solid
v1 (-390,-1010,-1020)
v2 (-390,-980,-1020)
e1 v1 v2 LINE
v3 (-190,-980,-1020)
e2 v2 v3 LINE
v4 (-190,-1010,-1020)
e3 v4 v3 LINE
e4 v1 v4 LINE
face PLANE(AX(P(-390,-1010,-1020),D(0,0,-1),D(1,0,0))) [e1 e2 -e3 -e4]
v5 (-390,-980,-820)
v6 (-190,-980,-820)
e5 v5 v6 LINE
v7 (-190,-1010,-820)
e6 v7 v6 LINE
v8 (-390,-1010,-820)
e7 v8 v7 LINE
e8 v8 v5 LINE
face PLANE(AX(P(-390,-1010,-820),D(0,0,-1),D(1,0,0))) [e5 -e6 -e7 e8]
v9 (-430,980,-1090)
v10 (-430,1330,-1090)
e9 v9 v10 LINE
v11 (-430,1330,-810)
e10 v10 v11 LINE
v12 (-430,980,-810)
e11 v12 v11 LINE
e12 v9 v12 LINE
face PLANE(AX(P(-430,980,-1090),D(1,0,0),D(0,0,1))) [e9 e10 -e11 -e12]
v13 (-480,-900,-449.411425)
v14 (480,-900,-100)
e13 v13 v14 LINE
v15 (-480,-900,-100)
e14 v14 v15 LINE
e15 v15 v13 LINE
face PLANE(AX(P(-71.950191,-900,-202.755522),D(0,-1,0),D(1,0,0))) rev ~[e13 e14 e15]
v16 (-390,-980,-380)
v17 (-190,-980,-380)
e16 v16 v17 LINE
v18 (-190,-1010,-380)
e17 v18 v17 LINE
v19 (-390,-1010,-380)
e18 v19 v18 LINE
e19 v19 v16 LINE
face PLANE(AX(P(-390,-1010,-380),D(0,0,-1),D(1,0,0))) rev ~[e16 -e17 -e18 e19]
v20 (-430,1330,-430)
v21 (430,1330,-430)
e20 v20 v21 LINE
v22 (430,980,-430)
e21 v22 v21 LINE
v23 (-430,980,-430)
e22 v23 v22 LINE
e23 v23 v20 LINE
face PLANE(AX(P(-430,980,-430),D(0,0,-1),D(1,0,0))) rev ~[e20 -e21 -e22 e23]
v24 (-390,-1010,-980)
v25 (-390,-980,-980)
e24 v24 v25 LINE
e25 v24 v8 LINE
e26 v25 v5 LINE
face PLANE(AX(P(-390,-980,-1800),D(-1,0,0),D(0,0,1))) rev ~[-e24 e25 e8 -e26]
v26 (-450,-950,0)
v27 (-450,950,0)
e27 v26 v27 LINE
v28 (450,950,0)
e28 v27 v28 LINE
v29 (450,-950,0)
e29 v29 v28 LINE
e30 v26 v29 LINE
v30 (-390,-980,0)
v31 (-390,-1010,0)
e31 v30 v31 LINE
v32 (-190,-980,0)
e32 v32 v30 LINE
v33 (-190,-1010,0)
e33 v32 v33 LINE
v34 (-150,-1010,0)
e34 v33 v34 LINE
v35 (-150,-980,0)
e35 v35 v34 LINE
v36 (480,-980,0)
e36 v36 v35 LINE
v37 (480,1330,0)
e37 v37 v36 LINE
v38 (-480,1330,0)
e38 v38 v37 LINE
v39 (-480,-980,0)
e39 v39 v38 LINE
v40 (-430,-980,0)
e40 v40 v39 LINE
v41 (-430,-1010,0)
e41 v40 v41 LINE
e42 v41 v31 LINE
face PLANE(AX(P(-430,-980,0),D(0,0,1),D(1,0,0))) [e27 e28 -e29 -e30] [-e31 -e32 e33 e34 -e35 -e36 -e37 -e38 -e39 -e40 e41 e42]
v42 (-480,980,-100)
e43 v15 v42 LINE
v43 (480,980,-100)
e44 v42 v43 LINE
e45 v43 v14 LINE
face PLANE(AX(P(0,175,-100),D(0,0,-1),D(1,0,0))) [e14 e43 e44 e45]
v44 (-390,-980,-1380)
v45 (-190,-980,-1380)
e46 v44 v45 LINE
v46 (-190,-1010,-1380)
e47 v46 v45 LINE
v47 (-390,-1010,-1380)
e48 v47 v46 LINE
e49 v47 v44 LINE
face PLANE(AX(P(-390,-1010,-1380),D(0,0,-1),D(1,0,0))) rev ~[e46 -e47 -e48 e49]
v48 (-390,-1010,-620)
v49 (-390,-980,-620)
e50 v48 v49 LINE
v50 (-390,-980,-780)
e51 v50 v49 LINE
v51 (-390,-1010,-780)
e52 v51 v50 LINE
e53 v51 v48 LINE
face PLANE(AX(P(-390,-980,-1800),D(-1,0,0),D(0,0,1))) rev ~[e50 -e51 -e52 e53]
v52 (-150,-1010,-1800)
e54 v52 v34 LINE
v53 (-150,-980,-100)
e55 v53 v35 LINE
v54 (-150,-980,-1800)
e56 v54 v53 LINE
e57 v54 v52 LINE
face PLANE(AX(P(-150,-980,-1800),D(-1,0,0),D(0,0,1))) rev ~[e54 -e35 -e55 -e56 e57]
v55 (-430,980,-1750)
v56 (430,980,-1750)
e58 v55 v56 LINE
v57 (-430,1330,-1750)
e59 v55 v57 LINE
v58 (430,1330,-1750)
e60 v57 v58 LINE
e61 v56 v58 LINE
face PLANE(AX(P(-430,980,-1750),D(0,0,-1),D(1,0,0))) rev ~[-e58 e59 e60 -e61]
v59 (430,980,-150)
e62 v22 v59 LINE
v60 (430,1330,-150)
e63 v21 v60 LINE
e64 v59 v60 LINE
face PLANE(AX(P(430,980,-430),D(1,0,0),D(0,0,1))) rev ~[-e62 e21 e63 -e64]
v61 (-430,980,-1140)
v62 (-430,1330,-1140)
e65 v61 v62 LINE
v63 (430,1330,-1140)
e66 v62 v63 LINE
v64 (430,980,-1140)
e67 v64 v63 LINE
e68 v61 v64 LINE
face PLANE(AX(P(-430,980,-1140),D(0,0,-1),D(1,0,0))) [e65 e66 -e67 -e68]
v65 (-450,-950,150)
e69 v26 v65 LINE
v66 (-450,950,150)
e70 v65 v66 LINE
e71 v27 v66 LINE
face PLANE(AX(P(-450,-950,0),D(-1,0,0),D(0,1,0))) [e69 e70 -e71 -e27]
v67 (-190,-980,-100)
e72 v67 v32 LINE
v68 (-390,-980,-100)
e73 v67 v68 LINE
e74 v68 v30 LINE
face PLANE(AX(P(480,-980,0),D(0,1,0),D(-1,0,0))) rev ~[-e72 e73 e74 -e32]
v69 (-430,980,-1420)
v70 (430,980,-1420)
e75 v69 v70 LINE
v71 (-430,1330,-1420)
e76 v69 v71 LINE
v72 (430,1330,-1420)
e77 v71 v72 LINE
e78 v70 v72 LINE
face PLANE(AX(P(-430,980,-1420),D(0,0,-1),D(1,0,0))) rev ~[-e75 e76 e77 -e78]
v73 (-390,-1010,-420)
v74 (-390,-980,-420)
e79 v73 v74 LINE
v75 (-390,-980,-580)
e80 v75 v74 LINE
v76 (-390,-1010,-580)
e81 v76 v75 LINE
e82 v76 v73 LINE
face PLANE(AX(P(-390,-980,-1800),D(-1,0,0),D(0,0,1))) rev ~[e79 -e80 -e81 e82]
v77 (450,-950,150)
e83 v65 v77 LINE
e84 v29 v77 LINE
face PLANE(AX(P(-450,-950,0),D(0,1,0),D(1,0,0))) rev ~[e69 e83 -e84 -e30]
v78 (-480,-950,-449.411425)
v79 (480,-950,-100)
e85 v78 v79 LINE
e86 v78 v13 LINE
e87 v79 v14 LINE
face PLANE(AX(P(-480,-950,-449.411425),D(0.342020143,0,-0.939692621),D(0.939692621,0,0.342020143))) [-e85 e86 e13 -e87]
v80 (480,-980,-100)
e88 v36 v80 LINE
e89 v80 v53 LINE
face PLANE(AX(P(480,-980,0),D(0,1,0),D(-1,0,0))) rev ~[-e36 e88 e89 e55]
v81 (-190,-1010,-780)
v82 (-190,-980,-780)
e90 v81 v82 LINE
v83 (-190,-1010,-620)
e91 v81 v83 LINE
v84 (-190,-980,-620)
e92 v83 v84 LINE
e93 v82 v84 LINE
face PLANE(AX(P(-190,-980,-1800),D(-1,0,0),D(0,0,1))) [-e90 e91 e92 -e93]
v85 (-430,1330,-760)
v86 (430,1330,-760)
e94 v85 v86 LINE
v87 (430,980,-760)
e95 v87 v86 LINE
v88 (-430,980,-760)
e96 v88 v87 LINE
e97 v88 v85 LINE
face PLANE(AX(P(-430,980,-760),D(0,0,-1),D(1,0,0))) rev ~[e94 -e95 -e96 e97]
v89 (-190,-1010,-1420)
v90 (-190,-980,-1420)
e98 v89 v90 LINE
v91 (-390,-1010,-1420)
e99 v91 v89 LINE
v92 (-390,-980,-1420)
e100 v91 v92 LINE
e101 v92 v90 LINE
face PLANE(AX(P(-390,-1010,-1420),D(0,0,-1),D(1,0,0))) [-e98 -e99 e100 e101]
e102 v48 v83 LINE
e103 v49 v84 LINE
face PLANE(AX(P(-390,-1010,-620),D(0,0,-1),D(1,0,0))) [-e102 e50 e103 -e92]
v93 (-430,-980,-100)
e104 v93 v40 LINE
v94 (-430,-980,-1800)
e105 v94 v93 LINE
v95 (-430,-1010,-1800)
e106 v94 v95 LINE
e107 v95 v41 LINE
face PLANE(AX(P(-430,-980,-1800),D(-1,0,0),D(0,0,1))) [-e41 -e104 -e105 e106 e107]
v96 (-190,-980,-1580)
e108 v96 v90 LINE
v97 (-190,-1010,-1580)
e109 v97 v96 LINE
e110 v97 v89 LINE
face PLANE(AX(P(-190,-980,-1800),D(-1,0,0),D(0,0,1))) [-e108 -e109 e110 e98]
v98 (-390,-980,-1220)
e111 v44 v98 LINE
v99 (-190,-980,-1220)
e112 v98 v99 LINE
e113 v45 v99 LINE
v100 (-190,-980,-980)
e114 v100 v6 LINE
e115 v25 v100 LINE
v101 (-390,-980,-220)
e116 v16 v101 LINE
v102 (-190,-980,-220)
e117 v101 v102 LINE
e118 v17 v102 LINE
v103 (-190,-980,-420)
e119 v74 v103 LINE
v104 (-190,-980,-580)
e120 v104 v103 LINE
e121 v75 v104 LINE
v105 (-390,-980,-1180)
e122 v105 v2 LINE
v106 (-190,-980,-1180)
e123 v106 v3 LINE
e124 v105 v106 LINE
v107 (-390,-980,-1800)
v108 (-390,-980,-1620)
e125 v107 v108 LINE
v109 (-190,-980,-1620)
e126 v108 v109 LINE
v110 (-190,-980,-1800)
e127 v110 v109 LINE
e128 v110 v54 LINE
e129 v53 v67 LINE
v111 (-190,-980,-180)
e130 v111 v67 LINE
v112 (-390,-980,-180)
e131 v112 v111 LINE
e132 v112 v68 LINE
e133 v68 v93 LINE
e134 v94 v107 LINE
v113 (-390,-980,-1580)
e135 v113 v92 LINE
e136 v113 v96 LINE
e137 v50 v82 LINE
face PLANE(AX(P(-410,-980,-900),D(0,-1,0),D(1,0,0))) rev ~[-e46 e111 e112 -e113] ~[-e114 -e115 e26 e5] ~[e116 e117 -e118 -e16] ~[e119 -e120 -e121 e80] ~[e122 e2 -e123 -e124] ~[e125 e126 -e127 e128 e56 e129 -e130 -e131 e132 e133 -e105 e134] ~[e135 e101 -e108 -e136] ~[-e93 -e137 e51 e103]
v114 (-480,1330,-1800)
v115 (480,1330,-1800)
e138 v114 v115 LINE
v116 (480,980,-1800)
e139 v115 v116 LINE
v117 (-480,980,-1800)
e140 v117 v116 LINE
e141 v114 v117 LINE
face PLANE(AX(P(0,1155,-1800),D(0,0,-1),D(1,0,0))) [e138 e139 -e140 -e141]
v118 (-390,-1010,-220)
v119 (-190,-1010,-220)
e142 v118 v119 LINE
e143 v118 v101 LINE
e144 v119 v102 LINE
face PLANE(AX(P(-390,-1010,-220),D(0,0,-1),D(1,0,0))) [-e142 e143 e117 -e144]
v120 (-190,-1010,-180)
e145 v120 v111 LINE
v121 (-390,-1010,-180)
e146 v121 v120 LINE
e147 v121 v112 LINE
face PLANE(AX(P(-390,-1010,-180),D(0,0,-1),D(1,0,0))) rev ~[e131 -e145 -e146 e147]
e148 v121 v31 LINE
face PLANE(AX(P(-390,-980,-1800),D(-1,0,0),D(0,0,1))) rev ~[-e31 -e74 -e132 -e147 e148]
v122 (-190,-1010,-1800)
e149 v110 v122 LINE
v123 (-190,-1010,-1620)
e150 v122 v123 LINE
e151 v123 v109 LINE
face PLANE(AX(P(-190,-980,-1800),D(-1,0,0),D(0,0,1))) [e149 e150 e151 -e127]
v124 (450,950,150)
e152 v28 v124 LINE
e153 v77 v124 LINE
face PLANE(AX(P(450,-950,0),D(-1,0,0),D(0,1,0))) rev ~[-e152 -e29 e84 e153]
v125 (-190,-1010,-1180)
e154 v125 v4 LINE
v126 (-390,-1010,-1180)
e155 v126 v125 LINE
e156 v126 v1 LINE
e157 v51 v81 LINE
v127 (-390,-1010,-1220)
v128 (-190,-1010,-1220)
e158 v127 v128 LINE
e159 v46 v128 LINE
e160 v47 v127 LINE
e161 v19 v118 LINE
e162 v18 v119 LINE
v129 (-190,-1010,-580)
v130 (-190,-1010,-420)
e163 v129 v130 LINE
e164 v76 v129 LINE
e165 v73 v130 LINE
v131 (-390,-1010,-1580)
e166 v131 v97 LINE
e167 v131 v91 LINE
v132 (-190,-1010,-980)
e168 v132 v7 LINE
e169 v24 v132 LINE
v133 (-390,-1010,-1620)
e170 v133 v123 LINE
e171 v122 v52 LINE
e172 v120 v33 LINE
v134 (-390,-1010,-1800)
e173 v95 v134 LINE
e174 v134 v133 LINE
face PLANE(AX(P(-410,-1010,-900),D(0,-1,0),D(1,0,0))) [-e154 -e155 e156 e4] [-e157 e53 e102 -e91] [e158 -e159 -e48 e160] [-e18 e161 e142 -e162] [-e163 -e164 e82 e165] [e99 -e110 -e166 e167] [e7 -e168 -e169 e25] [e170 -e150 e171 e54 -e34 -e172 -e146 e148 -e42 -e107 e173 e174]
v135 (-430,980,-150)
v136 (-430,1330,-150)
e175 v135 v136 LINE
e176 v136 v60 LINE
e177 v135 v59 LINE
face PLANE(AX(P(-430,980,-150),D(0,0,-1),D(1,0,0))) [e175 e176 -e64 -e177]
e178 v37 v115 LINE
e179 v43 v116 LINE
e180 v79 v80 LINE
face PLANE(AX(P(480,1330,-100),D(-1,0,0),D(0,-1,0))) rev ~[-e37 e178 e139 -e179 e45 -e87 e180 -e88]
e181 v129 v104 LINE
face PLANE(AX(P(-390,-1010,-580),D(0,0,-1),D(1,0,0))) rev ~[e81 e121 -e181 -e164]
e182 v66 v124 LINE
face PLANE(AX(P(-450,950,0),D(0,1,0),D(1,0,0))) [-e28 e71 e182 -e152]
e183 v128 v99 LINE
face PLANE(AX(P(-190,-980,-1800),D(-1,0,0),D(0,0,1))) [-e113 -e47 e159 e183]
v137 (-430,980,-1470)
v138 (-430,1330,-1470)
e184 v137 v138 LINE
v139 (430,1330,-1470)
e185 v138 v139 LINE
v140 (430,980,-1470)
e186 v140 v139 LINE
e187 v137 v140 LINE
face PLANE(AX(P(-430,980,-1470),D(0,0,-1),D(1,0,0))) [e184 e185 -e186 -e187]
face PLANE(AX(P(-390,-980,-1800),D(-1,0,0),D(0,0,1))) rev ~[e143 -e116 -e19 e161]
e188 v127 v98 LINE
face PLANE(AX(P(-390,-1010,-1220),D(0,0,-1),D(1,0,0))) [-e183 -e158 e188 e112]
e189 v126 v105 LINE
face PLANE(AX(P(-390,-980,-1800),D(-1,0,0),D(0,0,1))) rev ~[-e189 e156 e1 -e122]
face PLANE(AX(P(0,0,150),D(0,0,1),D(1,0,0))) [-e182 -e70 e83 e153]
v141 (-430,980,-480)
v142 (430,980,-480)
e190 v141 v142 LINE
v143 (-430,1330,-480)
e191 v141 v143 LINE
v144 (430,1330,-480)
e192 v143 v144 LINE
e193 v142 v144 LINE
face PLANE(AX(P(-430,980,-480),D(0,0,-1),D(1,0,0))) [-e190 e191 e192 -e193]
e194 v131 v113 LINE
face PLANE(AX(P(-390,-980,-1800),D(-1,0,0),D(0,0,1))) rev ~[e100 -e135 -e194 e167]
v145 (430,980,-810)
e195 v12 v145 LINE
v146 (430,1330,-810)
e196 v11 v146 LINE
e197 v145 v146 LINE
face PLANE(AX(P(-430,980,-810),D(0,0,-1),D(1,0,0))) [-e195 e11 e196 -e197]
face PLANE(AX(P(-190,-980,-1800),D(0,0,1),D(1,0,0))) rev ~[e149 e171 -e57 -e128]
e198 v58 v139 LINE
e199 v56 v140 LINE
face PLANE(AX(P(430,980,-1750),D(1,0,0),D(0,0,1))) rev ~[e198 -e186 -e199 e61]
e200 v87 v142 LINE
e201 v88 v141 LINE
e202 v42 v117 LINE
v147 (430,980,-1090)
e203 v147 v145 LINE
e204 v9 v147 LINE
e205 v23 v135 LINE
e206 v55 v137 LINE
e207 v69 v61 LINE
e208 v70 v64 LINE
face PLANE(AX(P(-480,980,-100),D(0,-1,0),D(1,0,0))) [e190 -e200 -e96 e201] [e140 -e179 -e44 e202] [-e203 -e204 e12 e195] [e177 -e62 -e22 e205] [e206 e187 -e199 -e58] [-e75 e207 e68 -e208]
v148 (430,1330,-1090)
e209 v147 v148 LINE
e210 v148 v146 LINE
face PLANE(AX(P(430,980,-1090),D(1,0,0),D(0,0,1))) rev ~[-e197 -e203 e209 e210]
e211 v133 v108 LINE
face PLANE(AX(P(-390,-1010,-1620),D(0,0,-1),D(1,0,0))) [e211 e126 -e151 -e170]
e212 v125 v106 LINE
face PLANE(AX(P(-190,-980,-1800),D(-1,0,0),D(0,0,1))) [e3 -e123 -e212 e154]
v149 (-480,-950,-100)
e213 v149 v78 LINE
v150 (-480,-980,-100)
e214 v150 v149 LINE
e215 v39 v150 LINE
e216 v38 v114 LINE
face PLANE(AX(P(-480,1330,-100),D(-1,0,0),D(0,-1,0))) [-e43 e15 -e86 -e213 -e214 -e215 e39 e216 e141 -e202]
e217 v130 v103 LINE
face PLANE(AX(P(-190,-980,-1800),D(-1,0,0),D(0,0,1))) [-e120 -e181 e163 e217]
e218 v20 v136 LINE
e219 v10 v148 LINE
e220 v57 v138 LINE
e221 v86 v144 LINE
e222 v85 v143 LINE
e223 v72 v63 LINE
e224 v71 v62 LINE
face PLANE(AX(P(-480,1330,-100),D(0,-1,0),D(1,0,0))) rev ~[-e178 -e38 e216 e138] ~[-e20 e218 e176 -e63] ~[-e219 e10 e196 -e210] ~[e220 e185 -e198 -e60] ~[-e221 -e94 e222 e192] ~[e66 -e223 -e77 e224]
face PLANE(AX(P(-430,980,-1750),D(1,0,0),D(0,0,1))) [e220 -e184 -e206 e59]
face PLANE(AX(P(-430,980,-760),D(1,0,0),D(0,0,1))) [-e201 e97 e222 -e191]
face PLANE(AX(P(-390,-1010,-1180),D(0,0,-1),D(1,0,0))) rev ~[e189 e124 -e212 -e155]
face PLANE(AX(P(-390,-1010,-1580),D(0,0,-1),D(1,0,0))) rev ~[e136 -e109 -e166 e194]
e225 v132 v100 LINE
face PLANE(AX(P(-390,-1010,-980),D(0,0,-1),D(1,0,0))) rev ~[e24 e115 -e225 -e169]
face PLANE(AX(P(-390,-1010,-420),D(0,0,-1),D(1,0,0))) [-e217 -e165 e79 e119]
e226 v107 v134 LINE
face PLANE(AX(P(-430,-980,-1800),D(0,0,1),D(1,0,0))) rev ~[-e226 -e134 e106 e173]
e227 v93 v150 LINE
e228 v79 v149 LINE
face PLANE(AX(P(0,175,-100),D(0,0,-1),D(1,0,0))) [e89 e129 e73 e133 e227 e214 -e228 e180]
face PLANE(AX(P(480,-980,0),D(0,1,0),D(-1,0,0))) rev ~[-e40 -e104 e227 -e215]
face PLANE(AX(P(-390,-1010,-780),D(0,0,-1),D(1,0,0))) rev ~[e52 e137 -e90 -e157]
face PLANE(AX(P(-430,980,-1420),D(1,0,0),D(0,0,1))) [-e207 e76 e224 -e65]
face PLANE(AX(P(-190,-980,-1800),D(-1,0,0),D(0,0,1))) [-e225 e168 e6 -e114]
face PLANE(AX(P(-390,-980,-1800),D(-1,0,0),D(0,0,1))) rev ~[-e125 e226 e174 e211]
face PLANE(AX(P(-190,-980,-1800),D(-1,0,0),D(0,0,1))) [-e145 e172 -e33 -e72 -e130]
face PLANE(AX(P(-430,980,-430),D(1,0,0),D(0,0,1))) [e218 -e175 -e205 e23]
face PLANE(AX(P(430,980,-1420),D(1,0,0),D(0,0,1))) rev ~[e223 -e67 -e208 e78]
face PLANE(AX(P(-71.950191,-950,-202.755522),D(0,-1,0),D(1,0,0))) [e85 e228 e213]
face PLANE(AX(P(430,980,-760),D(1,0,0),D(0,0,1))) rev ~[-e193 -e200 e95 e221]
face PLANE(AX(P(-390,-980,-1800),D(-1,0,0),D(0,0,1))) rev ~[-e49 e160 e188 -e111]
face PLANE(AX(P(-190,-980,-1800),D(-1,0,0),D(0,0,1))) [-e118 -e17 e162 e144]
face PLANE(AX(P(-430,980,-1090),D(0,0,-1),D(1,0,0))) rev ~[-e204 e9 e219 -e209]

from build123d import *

# Parameters (mm, degrees)
F0_W      = 900
F0_H      = 1900
F1_DEPTH  = 150
F3_DEPTH  = 100
F4_W      = 960
F4_H      = 350
F5_DEPTH  = 1700
F6_W      = 860
F6_H      = 280
F7_DEPTH  = 350
F9_DEPTH  = 50
F10_W     = 40
F10_H     = 1800
F11_DEPTH = 30
F12_W     = 200
F12_H     = 40
F13_DEPTH = 30


with BuildPart() as f1:
    # F0 (on Top) → F1 (new body)
    with BuildSketch(Plane.XY):
        Rectangle(F0_W, F0_H)
    extrude(amount=F1_DEPTH)

    # F2 (on face) → F3 (join)
    with BuildSketch(Plane(origin=(0, 0, 0), x_dir=(1, 0, 0), z_dir=(0, 0, -1))):
        Polygon((480, 980), (-480, 980), (-480, -980), (-480, -1330), (480, -1330), (480, -980), align=None)
    extrude(amount=F3_DEPTH)

    # F4 (on face) → F5 (join)
    with BuildSketch(Plane(origin=(0, 0, -100), x_dir=(1, 0, 0), z_dir=(0, 0, -1))):
        with Locations((0, -1155)):
            Rectangle(F4_W, F4_H)
    extrude(amount=F5_DEPTH)

    # F6 (on face) → F7 (cut, through all)
    with BuildSketch(Plane.XZ.offset(-980)):
        with Locations((0, -290)):
            Rectangle(F6_W, F6_H)
        with Locations((0, -620)):
            Rectangle(F6_W, F6_H)
        with Locations((0, -950)):
            Rectangle(F6_W, F6_H)
        with Locations((0, -1280)):
            Rectangle(F6_W, F6_H)
        with Locations((0, -1610)):
            Rectangle(F6_W, F6_H)
    extrude(amount=-F7_DEPTH, mode=Mode.SUBTRACT)

    # F8 (on face) → F9 (join)
    with BuildSketch(Plane.XZ.offset(950)):
        Polygon((480, -100), (-480, -100), (-480, -449.411425), align=None)
    extrude(amount=-F9_DEPTH)

    # F10 (on face) → F11 (join)
    with BuildSketch(Plane.XZ.offset(980)):
        with Locations((-410, -900)):
            Rectangle(F10_W, F10_H)
        with Locations((-170, -900)):
            Rectangle(F10_W, F10_H)
    extrude(amount=F11_DEPTH)

    # F12 (on face) → F13 (join, through all)
    with BuildSketch(Plane.XZ.offset(1010)):
        with Locations((-290, -200)):
            Rectangle(F12_W, F12_H)
        with Locations((-290, -400)):
            Rectangle(F12_W, F12_H)
        with Locations((-290, -600)):
            Rectangle(F12_W, F12_H)
        with Locations((-290, -800)):
            Rectangle(F12_W, F12_H)
        with Locations((-290, -1000)):
            Rectangle(F12_W, F12_H)
        with Locations((-290, -1200)):
            Rectangle(F12_W, F12_H)
        with Locations((-290, -1400)):
            Rectangle(F12_W, F12_H)
        with Locations((-290, -1600)):
            Rectangle(F12_W, F12_H)
    extrude(amount=-F13_DEPTH)


solid = f1.part
